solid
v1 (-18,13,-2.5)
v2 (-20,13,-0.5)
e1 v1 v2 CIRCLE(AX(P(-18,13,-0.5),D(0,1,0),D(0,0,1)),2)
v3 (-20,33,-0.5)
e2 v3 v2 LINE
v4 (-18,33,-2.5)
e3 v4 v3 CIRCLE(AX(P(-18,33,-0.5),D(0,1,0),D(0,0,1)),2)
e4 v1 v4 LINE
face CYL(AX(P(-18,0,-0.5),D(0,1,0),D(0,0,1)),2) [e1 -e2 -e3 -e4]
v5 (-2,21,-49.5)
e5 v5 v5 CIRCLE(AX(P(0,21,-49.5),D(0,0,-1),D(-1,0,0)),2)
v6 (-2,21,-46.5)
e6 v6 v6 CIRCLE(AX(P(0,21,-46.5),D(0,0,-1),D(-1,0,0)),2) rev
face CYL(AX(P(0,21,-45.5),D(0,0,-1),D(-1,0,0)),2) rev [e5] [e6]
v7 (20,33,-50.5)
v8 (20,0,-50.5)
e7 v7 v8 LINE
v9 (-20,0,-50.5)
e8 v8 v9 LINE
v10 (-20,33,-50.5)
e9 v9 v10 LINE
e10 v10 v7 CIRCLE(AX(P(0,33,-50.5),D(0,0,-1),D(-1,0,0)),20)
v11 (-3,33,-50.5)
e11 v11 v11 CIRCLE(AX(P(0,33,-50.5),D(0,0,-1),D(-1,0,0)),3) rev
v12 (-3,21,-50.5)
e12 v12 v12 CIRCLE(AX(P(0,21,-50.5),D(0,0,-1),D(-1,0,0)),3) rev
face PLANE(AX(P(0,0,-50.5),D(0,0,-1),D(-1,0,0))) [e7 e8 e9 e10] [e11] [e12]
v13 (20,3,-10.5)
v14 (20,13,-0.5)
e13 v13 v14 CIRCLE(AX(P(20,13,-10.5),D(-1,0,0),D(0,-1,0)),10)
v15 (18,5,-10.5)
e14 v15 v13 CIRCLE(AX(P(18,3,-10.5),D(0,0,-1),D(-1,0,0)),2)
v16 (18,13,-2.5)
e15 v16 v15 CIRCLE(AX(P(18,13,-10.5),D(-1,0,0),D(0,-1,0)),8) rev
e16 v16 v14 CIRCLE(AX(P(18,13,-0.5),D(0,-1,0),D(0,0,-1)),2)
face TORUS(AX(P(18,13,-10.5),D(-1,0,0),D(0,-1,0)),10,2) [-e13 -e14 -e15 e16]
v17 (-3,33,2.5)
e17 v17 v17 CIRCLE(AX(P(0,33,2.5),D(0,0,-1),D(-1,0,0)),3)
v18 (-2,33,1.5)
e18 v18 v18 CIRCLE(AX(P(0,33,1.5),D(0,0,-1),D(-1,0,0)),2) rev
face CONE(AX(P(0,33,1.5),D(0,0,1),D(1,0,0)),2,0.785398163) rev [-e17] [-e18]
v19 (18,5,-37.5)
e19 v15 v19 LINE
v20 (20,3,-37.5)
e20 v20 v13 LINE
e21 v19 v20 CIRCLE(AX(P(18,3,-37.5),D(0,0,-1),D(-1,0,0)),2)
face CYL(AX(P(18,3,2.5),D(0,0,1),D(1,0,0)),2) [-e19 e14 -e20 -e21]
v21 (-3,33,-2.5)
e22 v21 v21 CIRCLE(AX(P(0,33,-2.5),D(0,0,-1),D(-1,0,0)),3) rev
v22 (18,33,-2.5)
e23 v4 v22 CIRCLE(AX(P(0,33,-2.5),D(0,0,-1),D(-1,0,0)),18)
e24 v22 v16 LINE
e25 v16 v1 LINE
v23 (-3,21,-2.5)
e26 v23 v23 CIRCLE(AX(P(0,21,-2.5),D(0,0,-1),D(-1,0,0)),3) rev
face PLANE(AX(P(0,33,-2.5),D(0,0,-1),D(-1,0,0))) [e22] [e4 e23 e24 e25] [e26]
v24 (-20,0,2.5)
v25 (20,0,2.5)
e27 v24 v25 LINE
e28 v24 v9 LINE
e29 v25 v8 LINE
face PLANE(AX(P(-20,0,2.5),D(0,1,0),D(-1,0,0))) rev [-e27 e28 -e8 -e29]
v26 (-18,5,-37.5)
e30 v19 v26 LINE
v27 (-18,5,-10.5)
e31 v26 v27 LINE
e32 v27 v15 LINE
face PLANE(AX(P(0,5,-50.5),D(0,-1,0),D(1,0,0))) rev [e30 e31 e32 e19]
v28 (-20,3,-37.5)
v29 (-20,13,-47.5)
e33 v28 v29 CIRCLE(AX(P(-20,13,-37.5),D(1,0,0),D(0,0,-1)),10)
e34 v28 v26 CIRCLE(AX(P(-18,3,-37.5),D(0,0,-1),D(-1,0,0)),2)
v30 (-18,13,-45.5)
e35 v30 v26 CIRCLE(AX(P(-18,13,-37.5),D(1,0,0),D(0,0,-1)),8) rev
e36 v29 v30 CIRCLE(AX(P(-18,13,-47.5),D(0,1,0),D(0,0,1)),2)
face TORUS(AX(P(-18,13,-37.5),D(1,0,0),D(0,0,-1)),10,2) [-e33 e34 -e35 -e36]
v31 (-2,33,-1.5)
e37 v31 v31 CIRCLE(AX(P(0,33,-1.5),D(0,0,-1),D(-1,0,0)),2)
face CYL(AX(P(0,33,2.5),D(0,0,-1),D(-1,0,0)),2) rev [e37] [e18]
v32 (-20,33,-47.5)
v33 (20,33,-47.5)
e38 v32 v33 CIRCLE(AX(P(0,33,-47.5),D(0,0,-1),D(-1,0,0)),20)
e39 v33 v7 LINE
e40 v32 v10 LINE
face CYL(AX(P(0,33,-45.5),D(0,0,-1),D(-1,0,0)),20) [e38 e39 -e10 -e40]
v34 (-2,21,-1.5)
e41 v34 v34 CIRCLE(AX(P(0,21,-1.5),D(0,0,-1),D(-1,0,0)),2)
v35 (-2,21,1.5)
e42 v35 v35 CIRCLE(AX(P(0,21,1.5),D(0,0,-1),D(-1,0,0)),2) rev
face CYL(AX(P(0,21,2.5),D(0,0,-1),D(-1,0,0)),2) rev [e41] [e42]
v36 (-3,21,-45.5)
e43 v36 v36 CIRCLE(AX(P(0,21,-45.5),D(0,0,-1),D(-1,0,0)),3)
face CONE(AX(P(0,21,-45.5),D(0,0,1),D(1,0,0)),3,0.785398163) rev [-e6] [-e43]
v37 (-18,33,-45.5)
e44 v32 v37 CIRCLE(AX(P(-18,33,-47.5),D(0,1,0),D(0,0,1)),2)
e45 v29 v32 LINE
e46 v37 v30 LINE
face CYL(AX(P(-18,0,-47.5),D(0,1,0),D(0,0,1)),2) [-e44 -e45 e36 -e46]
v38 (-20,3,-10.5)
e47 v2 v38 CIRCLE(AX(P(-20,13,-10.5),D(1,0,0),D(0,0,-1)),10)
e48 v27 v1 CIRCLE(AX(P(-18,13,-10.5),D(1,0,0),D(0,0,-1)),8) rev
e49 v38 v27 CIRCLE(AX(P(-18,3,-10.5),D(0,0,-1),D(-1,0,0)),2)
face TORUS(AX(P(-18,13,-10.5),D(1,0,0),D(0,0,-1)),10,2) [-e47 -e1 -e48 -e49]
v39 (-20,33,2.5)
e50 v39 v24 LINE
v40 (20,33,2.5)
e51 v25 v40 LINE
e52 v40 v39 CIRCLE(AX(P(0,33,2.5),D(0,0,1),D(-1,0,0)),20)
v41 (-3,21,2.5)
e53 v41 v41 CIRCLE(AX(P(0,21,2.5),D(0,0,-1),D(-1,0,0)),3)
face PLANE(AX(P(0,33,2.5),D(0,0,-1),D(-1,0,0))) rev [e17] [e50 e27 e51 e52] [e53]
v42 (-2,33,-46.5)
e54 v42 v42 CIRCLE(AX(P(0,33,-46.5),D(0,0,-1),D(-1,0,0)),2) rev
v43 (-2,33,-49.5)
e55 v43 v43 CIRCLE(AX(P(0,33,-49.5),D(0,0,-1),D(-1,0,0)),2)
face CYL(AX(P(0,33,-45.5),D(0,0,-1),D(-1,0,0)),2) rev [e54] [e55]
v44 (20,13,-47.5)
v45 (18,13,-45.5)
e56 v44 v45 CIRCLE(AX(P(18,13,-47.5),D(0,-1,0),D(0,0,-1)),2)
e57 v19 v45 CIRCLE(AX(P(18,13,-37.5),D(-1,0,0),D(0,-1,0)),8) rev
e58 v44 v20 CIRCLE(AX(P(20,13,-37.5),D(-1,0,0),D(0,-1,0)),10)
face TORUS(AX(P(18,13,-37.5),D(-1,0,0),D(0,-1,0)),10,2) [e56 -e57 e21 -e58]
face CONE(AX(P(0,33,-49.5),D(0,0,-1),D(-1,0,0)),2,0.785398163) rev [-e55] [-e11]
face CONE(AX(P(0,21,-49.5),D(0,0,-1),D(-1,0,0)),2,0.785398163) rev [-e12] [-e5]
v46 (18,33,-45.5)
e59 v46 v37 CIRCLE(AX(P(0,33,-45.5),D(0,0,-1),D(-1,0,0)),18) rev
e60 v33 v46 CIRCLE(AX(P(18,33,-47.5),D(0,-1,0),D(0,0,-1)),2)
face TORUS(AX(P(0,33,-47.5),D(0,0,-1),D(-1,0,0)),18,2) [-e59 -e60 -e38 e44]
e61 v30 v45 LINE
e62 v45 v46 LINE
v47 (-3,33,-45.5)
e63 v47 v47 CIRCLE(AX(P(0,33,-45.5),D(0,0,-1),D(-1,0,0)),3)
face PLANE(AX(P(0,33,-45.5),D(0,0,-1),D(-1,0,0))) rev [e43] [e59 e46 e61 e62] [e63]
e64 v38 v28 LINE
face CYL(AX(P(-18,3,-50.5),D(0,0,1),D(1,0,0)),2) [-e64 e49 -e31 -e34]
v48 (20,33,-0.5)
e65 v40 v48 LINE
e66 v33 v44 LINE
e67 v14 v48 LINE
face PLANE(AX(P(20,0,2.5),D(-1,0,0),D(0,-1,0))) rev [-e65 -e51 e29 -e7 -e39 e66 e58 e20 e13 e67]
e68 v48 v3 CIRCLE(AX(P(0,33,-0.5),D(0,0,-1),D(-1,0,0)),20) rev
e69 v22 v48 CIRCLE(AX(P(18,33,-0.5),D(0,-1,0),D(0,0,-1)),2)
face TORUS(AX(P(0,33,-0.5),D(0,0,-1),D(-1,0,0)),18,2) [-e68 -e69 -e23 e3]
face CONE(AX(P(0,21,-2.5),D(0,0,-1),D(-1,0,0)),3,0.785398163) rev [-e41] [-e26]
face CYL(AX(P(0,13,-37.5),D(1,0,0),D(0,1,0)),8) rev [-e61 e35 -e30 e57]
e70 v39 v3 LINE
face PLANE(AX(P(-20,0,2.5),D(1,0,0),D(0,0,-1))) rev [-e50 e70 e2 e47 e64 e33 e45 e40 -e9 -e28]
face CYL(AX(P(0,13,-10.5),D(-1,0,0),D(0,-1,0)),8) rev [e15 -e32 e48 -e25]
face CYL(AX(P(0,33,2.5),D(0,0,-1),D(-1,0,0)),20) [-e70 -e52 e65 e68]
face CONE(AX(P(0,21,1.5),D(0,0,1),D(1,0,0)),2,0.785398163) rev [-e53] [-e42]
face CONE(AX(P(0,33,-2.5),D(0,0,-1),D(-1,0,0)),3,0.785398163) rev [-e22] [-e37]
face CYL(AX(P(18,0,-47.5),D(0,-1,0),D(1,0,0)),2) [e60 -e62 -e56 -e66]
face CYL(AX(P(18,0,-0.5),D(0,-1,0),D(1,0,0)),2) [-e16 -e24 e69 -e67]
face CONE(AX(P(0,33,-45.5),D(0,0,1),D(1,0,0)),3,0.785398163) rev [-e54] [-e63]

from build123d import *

# Parameters (mm, degrees)
SKETCH1_R           = 2
BOSS_EXTRUDE1_DEPTH = 2.5
BOSS_EXTRUDE2_START = -5
SKETCH2_W           = 40
SKETCH2_H           = 5
BOSS_EXTRUDE2_DEPTH = 53
SKETCH3_R           = 2
BOSS_EXTRUDE3_DEPTH = 5
FILLET2_R           = 8
FILLET1_R           = 2
CHAMFER1_SIZE       = 1


with BuildPart() as part:
    # Sketch1 → Boss-Extrude1 (new, symmetric)
    with BuildSketch(Plane.XY):
        with BuildLine():
            Line((-20, 0), (20, 0))
            Line((20, 0), (20, 33))
            ThreePointArc((20, 33), (0, 53), (-20, 33))
            Line((-20, 33), (-20, 0))
        make_face()
        with Locations((0, 33)):
            Circle(SKETCH1_R, mode=Mode.SUBTRACT)
        with Locations((0, 21)):
            Circle(SKETCH1_R, mode=Mode.SUBTRACT)
    extrude(amount=BOSS_EXTRUDE1_DEPTH, both=True)

    # Sketch2 → Boss-Extrude2 (add)
    with BuildSketch(Plane(origin=(0, 0, -2.5), x_dir=(-1, 0, 0), z_dir=(0, 0, -1)).offset(BOSS_EXTRUDE2_START)):
        with Locations((0, 2.5)):
            Rectangle(SKETCH2_W, SKETCH2_H)
    extrude(amount=BOSS_EXTRUDE2_DEPTH)

    # Sketch3 → Boss-Extrude3 (add)
    with BuildSketch(Plane(origin=(0, 0, -50.5), x_dir=(-1, 0, 0), z_dir=(0, 0, -1))):
        with BuildLine():
            Line((-20, 33), (-20, 5))
            Line((-20, 5), (20, 5))
            Line((20, 5), (20, 33))
            ThreePointArc((20, 33), (0, 53), (-20, 33))
        make_face()
        with Locations(Location((0, 21, 0), (0, 0, 180))):
            Circle(SKETCH3_R, mode=Mode.SUBTRACT)
        with Locations(Location((0, 33, 0), (0, 0, 180))):
            Circle(SKETCH3_R, mode=Mode.SUBTRACT)
    extrude(amount=-BOSS_EXTRUDE3_DEPTH)

    # Fillet2
    fillet2_edges = [part.edges().sort_by_distance(p)[0] for p in [
        (0, 5, -2.5),
        (0, 5, -45.5),
    ]]
    fillet(fillet2_edges, radius=FILLET2_R)

    # Fillet1
    fillet1_edges = [part.edges().sort_by_distance(p)[0] for p in [
        (0, 53, -45.5),
        (20, 23, -45.5),
        (-20, 23, -2.5),
        (-20, 5, -24),
        (20, 5, -24),
        (0, 53, -2.5),
        (-20, 23, -45.5),
        (20, 23, -2.5),
        (-20, 7.343145751, -43.156854249),
        (20, 7.343145751, -43.156854249),
        (-20, 7.343145751, -4.843145751),
        (20, 7.343145751, -4.843145751),
    ]]
    fillet(fillet1_edges, radius=FILLET1_R)

    # Chamfer1
    chamfer1_edges = [part.edges().sort_by_distance(p)[0] for p in [
        (-2, 33, -2.5),
        (-2, 33, 2.5),
        (-2, 21, -2.5),
        (-2, 21, 2.5),
        (-2, 33, -45.5),
        (-2, 21, -45.5),
        (-2, 21, -50.5),
        (-2, 33, -50.5),
    ]]
    chamfer(chamfer1_edges, length=CHAMFER1_SIZE)


solid = part.part
